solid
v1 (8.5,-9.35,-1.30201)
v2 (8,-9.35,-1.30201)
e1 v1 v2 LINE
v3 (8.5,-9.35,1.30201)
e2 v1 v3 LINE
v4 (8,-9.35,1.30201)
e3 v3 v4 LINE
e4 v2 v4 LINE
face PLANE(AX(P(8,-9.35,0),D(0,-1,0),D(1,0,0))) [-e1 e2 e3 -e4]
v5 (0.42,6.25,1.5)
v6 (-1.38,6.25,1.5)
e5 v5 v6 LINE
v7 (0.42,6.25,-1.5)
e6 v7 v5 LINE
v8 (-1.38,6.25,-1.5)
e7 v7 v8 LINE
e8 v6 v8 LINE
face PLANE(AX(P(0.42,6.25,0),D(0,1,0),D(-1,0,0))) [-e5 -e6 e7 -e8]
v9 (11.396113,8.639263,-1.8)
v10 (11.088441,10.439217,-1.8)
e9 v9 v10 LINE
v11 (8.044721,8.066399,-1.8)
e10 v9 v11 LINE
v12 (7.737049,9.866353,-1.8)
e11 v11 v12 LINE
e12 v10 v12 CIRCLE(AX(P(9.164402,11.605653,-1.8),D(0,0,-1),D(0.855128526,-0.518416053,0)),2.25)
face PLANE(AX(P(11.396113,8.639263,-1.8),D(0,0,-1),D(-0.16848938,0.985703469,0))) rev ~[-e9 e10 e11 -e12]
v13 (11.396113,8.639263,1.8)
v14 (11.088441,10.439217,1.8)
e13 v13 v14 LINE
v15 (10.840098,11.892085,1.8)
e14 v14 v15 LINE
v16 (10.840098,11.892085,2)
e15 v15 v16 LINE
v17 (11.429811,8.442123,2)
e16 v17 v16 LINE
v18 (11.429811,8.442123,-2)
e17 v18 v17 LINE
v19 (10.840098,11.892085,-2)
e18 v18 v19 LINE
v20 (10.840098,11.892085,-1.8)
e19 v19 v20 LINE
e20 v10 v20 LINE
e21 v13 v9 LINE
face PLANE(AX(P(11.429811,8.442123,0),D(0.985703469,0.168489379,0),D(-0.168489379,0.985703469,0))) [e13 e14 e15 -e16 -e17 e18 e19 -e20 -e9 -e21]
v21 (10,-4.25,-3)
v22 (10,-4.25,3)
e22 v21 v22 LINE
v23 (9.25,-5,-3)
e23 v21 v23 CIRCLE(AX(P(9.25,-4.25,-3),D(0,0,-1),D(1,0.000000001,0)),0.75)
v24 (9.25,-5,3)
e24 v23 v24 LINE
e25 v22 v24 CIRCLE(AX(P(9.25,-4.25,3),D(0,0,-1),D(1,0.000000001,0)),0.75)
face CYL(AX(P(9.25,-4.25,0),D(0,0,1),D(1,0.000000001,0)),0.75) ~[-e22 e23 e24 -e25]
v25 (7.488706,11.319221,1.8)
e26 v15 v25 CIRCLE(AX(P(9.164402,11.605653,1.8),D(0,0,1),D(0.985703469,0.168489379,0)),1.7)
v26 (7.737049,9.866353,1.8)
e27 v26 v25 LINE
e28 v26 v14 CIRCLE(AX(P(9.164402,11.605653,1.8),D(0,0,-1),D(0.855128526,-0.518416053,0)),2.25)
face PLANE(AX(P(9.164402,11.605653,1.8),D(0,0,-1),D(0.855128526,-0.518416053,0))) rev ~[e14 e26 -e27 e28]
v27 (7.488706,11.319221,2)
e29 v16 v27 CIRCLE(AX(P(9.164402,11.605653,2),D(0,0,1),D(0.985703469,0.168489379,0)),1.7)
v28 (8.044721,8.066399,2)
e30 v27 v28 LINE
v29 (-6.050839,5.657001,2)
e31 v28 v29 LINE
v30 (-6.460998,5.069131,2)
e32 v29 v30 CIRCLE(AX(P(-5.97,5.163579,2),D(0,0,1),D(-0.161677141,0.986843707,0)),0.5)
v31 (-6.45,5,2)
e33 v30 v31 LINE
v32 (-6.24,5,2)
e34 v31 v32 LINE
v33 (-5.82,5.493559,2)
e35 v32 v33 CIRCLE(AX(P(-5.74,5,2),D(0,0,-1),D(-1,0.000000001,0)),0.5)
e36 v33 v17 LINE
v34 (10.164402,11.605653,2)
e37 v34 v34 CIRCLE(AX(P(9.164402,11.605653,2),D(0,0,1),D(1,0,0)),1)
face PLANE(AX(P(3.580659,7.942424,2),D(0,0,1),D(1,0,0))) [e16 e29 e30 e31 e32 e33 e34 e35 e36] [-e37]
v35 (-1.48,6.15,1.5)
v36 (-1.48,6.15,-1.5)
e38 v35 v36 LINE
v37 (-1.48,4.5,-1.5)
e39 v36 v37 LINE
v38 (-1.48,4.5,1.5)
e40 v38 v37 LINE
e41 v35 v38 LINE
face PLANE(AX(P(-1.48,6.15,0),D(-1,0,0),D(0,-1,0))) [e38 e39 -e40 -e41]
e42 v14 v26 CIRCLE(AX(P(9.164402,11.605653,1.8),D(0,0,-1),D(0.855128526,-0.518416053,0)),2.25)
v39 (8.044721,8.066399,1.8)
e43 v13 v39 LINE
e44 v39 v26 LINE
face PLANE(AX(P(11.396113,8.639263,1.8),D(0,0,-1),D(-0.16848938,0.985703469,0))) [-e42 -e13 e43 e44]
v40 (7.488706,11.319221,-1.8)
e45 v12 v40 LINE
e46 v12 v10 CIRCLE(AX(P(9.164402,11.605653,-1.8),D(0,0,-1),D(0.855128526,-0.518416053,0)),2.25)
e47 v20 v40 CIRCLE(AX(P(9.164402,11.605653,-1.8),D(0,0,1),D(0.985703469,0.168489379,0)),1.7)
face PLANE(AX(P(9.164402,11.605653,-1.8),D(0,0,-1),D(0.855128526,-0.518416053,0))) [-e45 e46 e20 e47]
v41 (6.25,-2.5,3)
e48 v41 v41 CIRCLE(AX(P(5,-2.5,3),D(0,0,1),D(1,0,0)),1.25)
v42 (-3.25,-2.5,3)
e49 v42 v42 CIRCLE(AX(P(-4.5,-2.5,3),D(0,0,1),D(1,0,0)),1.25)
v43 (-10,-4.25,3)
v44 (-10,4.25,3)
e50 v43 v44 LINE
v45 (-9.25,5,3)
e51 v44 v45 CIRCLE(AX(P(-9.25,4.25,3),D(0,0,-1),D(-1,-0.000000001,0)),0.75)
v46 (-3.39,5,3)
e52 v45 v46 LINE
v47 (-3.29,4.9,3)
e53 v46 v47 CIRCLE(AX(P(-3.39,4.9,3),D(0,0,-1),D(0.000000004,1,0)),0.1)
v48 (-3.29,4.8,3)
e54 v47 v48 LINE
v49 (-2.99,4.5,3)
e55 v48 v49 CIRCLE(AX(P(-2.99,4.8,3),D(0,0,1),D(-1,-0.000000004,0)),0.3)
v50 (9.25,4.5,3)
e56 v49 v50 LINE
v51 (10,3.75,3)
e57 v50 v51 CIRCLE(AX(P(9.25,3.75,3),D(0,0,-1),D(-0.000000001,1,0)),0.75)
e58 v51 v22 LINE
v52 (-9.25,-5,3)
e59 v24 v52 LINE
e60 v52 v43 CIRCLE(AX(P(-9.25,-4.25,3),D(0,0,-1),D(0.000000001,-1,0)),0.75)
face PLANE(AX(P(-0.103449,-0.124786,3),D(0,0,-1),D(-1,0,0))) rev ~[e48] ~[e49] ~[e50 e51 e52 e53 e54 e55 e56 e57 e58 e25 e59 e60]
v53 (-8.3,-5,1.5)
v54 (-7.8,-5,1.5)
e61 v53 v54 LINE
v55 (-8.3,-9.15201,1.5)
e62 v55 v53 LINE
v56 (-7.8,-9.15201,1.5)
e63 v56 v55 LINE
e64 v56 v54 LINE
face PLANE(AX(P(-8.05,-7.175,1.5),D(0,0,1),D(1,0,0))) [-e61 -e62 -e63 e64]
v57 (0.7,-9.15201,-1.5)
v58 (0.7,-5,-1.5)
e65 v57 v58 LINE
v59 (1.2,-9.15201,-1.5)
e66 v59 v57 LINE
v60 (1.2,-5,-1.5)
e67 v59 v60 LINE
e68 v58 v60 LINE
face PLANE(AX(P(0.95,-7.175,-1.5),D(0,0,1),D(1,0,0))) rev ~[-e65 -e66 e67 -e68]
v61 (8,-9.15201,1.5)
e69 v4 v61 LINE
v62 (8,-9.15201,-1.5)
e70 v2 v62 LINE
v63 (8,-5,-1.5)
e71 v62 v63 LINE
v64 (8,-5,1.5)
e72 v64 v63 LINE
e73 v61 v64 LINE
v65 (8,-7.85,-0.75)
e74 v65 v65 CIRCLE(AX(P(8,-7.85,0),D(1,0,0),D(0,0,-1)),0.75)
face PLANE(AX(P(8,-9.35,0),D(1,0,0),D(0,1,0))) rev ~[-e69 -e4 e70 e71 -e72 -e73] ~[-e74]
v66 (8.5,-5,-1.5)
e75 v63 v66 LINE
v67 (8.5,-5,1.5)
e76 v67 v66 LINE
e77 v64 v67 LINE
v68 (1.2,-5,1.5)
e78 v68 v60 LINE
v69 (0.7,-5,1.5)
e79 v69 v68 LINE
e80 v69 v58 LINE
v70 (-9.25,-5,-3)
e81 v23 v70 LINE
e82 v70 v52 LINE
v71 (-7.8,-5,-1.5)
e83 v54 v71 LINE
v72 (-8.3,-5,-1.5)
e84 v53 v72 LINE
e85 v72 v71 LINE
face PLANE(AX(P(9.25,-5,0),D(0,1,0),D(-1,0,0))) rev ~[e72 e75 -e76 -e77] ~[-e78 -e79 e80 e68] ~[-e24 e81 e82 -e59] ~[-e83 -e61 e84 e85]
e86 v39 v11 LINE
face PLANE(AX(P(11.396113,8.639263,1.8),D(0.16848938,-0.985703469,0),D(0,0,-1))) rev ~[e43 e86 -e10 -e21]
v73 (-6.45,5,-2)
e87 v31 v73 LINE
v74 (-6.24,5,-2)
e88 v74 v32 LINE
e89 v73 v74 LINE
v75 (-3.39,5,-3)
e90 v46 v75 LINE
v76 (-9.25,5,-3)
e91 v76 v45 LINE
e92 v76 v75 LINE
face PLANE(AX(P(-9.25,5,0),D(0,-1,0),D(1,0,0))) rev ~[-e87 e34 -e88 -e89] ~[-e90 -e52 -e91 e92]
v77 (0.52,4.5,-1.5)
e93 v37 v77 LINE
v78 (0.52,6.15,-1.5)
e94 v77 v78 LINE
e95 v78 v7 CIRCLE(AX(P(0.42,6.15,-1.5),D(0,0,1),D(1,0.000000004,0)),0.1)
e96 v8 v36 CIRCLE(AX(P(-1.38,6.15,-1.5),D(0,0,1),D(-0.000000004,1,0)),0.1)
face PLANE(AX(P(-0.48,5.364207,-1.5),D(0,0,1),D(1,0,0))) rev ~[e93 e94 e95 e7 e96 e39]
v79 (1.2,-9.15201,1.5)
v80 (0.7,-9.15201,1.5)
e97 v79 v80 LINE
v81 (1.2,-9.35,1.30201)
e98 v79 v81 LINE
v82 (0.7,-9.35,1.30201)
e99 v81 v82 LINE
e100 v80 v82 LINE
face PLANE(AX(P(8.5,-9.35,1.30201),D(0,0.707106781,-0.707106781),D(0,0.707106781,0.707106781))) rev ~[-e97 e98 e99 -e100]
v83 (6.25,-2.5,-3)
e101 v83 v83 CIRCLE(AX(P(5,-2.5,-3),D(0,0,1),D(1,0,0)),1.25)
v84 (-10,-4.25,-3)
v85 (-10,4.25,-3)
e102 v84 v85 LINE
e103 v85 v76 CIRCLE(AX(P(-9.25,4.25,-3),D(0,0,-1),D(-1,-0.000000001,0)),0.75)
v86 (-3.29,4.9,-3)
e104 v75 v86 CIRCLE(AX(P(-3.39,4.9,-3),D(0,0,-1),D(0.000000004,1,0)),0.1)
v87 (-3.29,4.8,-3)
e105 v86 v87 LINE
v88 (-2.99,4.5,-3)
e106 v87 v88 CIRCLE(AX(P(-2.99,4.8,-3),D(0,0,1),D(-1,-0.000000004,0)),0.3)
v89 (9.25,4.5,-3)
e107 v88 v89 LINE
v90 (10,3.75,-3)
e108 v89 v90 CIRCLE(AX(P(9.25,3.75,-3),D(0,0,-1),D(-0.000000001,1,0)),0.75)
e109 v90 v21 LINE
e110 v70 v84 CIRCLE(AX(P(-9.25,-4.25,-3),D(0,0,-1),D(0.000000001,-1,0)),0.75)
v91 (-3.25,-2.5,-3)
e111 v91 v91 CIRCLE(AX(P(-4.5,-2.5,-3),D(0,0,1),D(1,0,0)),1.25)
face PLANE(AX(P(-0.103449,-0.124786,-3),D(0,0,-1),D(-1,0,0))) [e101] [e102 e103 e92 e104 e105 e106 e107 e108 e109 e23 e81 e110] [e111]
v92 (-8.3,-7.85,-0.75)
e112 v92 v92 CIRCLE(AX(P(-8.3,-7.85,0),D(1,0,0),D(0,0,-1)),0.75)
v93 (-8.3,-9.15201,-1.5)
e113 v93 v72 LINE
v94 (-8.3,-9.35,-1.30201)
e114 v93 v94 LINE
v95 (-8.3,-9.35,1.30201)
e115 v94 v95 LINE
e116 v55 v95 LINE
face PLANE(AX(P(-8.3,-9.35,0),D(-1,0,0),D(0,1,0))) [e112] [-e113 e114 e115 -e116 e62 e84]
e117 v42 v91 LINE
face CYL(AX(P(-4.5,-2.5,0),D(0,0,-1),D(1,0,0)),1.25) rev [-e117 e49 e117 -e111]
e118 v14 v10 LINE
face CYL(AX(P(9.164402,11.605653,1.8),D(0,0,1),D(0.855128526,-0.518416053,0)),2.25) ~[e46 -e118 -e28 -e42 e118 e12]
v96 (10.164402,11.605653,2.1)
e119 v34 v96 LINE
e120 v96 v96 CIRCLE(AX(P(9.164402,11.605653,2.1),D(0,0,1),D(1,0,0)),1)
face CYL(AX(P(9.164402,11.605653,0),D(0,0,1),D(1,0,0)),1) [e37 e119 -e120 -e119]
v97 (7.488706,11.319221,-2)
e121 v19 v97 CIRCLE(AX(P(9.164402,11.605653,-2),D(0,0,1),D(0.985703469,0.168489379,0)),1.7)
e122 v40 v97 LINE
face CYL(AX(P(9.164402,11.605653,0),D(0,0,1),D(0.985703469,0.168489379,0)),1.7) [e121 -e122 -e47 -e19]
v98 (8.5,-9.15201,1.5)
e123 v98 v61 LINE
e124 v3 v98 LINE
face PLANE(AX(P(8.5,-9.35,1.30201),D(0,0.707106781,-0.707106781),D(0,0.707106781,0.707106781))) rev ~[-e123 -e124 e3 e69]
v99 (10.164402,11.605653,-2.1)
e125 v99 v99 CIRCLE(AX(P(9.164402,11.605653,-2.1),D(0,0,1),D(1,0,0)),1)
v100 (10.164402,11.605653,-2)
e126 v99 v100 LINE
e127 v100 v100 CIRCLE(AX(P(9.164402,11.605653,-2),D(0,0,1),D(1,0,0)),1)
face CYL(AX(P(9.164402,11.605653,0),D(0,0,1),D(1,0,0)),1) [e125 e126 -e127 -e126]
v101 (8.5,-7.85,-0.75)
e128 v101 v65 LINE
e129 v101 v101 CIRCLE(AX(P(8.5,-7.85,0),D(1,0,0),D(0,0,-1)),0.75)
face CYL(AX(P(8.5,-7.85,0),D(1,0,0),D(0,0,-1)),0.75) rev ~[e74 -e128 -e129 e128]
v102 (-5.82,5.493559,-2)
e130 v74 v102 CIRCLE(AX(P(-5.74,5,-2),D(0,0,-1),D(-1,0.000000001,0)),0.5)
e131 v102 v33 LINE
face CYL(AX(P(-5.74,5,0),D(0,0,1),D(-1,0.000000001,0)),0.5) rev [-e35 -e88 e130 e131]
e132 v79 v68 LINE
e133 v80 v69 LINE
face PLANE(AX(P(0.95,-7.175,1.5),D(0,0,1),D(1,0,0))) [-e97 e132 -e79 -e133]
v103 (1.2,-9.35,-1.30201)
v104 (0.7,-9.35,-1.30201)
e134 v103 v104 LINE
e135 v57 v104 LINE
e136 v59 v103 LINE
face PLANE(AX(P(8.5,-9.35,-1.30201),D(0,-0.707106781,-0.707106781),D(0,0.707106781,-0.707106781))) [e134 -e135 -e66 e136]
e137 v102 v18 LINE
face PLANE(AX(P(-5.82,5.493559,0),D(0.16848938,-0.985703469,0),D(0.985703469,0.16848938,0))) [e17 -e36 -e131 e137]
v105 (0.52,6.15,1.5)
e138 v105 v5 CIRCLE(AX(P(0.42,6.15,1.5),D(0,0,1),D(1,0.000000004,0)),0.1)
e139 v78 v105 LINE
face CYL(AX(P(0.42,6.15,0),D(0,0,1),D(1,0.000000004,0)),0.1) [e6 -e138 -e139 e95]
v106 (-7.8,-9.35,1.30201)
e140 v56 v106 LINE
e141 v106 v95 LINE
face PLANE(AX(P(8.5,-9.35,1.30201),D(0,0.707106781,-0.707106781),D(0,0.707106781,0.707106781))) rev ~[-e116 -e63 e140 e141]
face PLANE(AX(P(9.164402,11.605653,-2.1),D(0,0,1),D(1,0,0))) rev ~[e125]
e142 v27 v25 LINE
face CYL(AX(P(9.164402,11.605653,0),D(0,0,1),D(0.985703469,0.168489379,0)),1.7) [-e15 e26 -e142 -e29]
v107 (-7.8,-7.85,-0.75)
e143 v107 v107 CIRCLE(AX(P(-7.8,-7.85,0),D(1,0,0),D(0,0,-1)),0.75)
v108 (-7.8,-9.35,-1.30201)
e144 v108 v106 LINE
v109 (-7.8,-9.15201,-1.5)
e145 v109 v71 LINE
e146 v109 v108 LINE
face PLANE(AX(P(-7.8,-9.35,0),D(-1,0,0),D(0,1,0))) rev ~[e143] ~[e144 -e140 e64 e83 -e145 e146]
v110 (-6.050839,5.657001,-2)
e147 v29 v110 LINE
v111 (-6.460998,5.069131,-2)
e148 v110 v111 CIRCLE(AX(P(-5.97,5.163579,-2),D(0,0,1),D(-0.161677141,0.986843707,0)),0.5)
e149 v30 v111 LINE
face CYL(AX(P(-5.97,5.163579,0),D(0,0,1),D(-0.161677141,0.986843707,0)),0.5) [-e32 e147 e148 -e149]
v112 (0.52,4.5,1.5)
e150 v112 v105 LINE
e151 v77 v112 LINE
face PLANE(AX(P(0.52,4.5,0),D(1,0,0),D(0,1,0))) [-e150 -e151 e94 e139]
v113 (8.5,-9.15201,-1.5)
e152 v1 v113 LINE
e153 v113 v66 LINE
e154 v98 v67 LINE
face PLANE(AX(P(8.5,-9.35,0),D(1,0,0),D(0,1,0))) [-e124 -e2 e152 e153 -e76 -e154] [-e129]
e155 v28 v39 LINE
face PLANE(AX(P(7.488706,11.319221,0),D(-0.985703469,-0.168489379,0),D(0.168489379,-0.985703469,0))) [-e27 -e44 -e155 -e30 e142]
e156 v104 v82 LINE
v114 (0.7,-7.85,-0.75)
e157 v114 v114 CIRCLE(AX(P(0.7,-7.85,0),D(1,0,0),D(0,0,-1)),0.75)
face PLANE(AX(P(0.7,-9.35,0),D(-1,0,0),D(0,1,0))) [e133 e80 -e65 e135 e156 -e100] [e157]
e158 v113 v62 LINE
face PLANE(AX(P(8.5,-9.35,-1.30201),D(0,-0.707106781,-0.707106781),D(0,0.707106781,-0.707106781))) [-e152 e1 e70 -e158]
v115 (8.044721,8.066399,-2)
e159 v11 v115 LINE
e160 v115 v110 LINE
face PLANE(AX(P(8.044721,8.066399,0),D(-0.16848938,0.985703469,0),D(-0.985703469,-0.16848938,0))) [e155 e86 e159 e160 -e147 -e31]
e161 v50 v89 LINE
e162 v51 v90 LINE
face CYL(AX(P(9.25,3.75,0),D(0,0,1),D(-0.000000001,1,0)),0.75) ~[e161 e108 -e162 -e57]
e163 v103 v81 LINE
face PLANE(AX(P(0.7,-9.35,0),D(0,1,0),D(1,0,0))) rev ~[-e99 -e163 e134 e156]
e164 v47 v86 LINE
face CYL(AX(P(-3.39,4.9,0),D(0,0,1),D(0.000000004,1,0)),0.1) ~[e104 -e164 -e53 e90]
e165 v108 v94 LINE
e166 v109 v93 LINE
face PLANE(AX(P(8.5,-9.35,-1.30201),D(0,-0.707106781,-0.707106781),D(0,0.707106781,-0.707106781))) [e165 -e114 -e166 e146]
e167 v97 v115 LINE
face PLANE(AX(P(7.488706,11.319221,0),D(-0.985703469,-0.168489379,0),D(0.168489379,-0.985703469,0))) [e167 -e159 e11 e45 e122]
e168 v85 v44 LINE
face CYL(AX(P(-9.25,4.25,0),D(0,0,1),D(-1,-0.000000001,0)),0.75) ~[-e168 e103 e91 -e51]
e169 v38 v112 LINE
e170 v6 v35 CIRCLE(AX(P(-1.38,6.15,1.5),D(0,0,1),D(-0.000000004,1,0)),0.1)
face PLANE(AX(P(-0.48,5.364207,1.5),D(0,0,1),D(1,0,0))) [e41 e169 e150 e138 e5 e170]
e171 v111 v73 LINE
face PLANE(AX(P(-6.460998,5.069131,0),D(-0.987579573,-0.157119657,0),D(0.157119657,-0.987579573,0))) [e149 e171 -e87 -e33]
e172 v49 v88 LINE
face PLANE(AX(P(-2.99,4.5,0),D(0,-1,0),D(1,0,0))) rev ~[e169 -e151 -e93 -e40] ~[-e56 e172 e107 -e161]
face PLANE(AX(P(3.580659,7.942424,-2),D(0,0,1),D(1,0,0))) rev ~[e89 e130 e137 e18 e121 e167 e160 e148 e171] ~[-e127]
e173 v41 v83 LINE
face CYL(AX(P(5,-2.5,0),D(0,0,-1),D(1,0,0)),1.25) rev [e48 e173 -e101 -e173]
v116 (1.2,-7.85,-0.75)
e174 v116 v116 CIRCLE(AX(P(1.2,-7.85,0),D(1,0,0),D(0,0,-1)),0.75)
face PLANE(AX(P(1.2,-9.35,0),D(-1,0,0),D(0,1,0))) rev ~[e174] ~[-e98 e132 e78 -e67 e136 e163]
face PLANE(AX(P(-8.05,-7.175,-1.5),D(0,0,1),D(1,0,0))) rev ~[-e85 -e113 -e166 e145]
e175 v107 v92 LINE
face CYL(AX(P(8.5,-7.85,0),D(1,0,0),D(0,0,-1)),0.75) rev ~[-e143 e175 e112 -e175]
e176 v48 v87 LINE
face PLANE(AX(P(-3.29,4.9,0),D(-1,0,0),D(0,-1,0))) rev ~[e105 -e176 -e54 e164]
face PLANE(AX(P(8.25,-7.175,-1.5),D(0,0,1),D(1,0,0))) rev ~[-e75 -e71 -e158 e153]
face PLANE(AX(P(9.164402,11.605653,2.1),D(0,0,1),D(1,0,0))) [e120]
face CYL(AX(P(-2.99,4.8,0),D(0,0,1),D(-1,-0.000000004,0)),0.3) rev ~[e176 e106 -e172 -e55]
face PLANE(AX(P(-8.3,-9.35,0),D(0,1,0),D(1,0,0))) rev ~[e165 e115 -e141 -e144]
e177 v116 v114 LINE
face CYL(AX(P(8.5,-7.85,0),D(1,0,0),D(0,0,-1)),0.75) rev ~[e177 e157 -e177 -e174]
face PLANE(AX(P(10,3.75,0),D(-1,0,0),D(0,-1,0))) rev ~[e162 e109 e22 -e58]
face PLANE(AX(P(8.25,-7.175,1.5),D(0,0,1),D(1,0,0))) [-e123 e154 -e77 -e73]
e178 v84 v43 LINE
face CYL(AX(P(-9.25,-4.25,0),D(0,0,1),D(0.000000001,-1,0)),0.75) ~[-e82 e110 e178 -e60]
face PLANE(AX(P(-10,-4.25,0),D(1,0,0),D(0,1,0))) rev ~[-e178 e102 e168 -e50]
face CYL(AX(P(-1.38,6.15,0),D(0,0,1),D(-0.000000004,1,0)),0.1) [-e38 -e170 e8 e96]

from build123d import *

# Parameters (mm, degrees)
CROQUIS1_R              = 1.25
SALIENTE_EXTRUIR3_DEPTH = 3
CROQUIS7_W              = 0.5
CROQUIS7_H              = 4.35
SALIENTE_EXTRUIR4_DEPTH = 1.5
CROQUIS8_R              = 0.75
CORTAR_EXTRUIR1_DEPTH   = 21.944510021
SALIENTE_EXTRUIR5_DEPTH = 1.5
CROQUIS10_R             = 0.5
SALIENTE_EXTRUIR6_DEPTH = 2
CORTAR_EXTRUIR2_REACH   = 27.447
CROQUIS11_W             = 3.6
CROQUIS11_H             = 5.5
CROQUIS12_R             = 2.25
SALIENTE_EXTRUIR8_DEPTH = 3.6
CROQUIS13_R             = 1
SALIENTE_EXTRUIR9_DEPTH = 2.1


with BuildPart() as part:
    # Croquis1 → Saliente-Extruir3 (new, symmetric)
    with BuildSketch(Plane.XY):
        with BuildLine():
            Line((-9.25, 5), (-3.39, 5))
            ThreePointArc((-3.39, 5), (-3.319289322, 4.970710678), (-3.29, 4.9))
            Line((-3.29, 4.9), (-3.29, 4.8))
            ThreePointArc((-3.29, 4.8), (-3.202132034, 4.587867966), (-2.99, 4.5))
            Line((-2.99, 4.5), (9.25, 4.5))
            ThreePointArc((9.25, 4.5), (9.780330086, 4.280330086), (10, 3.75))
            Line((10, 3.75), (10, -4.25))
            ThreePointArc((10, -4.25), (9.780330086, -4.780330086), (9.25, -5))
            Line((9.25, -5), (-9.25, -5))
            ThreePointArc((-9.25, -5), (-9.780330086, -4.780330086), (-10, -4.25))
            Line((-10, -4.25), (-10, 4.25))
            ThreePointArc((-10, 4.25), (-9.780330086, 4.780330086), (-9.25, 5))
        make_face()
        with Locations((-4.5, -2.5)):
            Circle(CROQUIS1_R, mode=Mode.SUBTRACT)
        with Locations((5, -2.5)):
            Circle(CROQUIS1_R, mode=Mode.SUBTRACT)
    extrude(amount=SALIENTE_EXTRUIR3_DEPTH, both=True)

    # Croquis7 → Saliente-Extruir4 (add, symmetric)
    with BuildSketch(Plane.XY):
        with Locations((-8.05, -7.175)):
            Rectangle(CROQUIS7_W, CROQUIS7_H)
        with Locations((0.95, -7.175)):
            Rectangle(CROQUIS7_W, CROQUIS7_H)
        with Locations((8.25, -7.175)):
            Rectangle(CROQUIS7_W, CROQUIS7_H)
    extrude(amount=SALIENTE_EXTRUIR4_DEPTH, both=True)

    # Croquis8 → Cortar-Extruir1 (cut, through all)
    with BuildSketch(Plane(origin=(8.5, 0, 0), x_dir=(0, 0, -1), z_dir=(1, 0, 0))):
        with Locations((0, -7.85)):
            Circle(CROQUIS8_R)
        Polygon((-1.5, -9.152010101), (-1.5, -9.35), (-1.302010101, -9.35), align=None)
        Polygon((1.302010101, -9.35), (1.5, -9.152010101), (1.5, -9.35), align=None)
    extrude(amount=-CORTAR_EXTRUIR1_DEPTH, mode=Mode.SUBTRACT)

    # Croquis9 → Saliente-Extruir5 (add, symmetric)
    with BuildSketch(Plane.XY):
        with BuildLine():
            Line((-1.48, 4.5), (0.52, 4.5))
            Line((0.52, 4.5), (0.52, 6.15))
            ThreePointArc((0.52, 6.15), (0.490710678, 6.220710678), (0.42, 6.25))
            Line((0.42, 6.25), (-1.38, 6.25))
            ThreePointArc((-1.38, 6.25), (-1.450710678, 6.220710678), (-1.48, 6.15))
            Line((-1.48, 6.15), (-1.48, 4.5))
        make_face()
    extrude(amount=SALIENTE_EXTRUIR5_DEPTH, both=True)

    # Croquis10 → Saliente-Extruir6 (add, symmetric)
    with BuildSketch(Plane.XY):
        with BuildLine():
            Line((-6.45, 5), (-6.24, 5))
            ThreePointArc((-6.24, 5), (-6.120788655, 5.324037035), (-5.82, 5.493558507))
            Line((-5.82, 5.493558507), (11.429810709, 8.44212265))
            Line((11.429810709, 8.44212265), (10.840097881, 11.892084791))
            ThreePointArc((10.840097881, 11.892084791), (8.877970038, 13.281348744), (7.488706086, 11.319220901))
            Line((7.488706086, 11.319220901), (8.044721038, 8.066399453))
            Line((8.044721038, 8.066399453), (-6.05083857, 5.657001325))
            ThreePointArc((-6.05083857, 5.657001325), (-6.380057775, 5.449678442), (-6.460998376, 5.06913057))
            Line((-6.460998376, 5.06913057), (-6.45, 5))
        make_face()
        with Locations((9.164401983, 11.605652846)):
            Circle(CROQUIS10_R, mode=Mode.SUBTRACT)
    extrude(amount=SALIENTE_EXTRUIR6_DEPTH, both=True)

    # Croquis11 → Cortar-Extruir2 (cut, up to next)
    with BuildSketch(Plane(origin=(12.50740608, 2.137930074, 0), x_dir=(0, 0, -1), z_dir=(0.9857034690888546, 0.16848937956499643, 0)), mode=Mode.PRIVATE) as cortar_extruir2_sk1:
        with Locations((0, 9.345627867)):
            Rectangle(CROQUIS11_W, CROQUIS11_H)
    cortar_extruir2_tool1 = extrude(cortar_extruir2_sk1.sketch, amount=-CORTAR_EXTRUIR2_REACH, mode=Mode.PRIVATE) & part.part
    add(cortar_extruir2_tool1.solids().sort_by_distance((10.932767, 11.349948, 0))[0], mode=Mode.SUBTRACT)

    # Croquis12 → Saliente-Extruir8 (add)
    with BuildSketch(Plane(origin=(0, 0, 1.8), x_dir=(-1, 0, 0), z_dir=(0, 0, -1))):
        with Locations(Location((-9.164401983, 11.605652846, 0), (0, 0, 211.22606331))):
            Circle(CROQUIS12_R)
    extrude(amount=SALIENTE_EXTRUIR8_DEPTH)

    # Croquis13 → Saliente-Extruir9 (add, symmetric)
    with BuildSketch(Plane.XY):
        with Locations((9.164401983, 11.605652846)):
            Circle(CROQUIS13_R)
    extrude(amount=SALIENTE_EXTRUIR9_DEPTH, both=True)


solid = part.part
